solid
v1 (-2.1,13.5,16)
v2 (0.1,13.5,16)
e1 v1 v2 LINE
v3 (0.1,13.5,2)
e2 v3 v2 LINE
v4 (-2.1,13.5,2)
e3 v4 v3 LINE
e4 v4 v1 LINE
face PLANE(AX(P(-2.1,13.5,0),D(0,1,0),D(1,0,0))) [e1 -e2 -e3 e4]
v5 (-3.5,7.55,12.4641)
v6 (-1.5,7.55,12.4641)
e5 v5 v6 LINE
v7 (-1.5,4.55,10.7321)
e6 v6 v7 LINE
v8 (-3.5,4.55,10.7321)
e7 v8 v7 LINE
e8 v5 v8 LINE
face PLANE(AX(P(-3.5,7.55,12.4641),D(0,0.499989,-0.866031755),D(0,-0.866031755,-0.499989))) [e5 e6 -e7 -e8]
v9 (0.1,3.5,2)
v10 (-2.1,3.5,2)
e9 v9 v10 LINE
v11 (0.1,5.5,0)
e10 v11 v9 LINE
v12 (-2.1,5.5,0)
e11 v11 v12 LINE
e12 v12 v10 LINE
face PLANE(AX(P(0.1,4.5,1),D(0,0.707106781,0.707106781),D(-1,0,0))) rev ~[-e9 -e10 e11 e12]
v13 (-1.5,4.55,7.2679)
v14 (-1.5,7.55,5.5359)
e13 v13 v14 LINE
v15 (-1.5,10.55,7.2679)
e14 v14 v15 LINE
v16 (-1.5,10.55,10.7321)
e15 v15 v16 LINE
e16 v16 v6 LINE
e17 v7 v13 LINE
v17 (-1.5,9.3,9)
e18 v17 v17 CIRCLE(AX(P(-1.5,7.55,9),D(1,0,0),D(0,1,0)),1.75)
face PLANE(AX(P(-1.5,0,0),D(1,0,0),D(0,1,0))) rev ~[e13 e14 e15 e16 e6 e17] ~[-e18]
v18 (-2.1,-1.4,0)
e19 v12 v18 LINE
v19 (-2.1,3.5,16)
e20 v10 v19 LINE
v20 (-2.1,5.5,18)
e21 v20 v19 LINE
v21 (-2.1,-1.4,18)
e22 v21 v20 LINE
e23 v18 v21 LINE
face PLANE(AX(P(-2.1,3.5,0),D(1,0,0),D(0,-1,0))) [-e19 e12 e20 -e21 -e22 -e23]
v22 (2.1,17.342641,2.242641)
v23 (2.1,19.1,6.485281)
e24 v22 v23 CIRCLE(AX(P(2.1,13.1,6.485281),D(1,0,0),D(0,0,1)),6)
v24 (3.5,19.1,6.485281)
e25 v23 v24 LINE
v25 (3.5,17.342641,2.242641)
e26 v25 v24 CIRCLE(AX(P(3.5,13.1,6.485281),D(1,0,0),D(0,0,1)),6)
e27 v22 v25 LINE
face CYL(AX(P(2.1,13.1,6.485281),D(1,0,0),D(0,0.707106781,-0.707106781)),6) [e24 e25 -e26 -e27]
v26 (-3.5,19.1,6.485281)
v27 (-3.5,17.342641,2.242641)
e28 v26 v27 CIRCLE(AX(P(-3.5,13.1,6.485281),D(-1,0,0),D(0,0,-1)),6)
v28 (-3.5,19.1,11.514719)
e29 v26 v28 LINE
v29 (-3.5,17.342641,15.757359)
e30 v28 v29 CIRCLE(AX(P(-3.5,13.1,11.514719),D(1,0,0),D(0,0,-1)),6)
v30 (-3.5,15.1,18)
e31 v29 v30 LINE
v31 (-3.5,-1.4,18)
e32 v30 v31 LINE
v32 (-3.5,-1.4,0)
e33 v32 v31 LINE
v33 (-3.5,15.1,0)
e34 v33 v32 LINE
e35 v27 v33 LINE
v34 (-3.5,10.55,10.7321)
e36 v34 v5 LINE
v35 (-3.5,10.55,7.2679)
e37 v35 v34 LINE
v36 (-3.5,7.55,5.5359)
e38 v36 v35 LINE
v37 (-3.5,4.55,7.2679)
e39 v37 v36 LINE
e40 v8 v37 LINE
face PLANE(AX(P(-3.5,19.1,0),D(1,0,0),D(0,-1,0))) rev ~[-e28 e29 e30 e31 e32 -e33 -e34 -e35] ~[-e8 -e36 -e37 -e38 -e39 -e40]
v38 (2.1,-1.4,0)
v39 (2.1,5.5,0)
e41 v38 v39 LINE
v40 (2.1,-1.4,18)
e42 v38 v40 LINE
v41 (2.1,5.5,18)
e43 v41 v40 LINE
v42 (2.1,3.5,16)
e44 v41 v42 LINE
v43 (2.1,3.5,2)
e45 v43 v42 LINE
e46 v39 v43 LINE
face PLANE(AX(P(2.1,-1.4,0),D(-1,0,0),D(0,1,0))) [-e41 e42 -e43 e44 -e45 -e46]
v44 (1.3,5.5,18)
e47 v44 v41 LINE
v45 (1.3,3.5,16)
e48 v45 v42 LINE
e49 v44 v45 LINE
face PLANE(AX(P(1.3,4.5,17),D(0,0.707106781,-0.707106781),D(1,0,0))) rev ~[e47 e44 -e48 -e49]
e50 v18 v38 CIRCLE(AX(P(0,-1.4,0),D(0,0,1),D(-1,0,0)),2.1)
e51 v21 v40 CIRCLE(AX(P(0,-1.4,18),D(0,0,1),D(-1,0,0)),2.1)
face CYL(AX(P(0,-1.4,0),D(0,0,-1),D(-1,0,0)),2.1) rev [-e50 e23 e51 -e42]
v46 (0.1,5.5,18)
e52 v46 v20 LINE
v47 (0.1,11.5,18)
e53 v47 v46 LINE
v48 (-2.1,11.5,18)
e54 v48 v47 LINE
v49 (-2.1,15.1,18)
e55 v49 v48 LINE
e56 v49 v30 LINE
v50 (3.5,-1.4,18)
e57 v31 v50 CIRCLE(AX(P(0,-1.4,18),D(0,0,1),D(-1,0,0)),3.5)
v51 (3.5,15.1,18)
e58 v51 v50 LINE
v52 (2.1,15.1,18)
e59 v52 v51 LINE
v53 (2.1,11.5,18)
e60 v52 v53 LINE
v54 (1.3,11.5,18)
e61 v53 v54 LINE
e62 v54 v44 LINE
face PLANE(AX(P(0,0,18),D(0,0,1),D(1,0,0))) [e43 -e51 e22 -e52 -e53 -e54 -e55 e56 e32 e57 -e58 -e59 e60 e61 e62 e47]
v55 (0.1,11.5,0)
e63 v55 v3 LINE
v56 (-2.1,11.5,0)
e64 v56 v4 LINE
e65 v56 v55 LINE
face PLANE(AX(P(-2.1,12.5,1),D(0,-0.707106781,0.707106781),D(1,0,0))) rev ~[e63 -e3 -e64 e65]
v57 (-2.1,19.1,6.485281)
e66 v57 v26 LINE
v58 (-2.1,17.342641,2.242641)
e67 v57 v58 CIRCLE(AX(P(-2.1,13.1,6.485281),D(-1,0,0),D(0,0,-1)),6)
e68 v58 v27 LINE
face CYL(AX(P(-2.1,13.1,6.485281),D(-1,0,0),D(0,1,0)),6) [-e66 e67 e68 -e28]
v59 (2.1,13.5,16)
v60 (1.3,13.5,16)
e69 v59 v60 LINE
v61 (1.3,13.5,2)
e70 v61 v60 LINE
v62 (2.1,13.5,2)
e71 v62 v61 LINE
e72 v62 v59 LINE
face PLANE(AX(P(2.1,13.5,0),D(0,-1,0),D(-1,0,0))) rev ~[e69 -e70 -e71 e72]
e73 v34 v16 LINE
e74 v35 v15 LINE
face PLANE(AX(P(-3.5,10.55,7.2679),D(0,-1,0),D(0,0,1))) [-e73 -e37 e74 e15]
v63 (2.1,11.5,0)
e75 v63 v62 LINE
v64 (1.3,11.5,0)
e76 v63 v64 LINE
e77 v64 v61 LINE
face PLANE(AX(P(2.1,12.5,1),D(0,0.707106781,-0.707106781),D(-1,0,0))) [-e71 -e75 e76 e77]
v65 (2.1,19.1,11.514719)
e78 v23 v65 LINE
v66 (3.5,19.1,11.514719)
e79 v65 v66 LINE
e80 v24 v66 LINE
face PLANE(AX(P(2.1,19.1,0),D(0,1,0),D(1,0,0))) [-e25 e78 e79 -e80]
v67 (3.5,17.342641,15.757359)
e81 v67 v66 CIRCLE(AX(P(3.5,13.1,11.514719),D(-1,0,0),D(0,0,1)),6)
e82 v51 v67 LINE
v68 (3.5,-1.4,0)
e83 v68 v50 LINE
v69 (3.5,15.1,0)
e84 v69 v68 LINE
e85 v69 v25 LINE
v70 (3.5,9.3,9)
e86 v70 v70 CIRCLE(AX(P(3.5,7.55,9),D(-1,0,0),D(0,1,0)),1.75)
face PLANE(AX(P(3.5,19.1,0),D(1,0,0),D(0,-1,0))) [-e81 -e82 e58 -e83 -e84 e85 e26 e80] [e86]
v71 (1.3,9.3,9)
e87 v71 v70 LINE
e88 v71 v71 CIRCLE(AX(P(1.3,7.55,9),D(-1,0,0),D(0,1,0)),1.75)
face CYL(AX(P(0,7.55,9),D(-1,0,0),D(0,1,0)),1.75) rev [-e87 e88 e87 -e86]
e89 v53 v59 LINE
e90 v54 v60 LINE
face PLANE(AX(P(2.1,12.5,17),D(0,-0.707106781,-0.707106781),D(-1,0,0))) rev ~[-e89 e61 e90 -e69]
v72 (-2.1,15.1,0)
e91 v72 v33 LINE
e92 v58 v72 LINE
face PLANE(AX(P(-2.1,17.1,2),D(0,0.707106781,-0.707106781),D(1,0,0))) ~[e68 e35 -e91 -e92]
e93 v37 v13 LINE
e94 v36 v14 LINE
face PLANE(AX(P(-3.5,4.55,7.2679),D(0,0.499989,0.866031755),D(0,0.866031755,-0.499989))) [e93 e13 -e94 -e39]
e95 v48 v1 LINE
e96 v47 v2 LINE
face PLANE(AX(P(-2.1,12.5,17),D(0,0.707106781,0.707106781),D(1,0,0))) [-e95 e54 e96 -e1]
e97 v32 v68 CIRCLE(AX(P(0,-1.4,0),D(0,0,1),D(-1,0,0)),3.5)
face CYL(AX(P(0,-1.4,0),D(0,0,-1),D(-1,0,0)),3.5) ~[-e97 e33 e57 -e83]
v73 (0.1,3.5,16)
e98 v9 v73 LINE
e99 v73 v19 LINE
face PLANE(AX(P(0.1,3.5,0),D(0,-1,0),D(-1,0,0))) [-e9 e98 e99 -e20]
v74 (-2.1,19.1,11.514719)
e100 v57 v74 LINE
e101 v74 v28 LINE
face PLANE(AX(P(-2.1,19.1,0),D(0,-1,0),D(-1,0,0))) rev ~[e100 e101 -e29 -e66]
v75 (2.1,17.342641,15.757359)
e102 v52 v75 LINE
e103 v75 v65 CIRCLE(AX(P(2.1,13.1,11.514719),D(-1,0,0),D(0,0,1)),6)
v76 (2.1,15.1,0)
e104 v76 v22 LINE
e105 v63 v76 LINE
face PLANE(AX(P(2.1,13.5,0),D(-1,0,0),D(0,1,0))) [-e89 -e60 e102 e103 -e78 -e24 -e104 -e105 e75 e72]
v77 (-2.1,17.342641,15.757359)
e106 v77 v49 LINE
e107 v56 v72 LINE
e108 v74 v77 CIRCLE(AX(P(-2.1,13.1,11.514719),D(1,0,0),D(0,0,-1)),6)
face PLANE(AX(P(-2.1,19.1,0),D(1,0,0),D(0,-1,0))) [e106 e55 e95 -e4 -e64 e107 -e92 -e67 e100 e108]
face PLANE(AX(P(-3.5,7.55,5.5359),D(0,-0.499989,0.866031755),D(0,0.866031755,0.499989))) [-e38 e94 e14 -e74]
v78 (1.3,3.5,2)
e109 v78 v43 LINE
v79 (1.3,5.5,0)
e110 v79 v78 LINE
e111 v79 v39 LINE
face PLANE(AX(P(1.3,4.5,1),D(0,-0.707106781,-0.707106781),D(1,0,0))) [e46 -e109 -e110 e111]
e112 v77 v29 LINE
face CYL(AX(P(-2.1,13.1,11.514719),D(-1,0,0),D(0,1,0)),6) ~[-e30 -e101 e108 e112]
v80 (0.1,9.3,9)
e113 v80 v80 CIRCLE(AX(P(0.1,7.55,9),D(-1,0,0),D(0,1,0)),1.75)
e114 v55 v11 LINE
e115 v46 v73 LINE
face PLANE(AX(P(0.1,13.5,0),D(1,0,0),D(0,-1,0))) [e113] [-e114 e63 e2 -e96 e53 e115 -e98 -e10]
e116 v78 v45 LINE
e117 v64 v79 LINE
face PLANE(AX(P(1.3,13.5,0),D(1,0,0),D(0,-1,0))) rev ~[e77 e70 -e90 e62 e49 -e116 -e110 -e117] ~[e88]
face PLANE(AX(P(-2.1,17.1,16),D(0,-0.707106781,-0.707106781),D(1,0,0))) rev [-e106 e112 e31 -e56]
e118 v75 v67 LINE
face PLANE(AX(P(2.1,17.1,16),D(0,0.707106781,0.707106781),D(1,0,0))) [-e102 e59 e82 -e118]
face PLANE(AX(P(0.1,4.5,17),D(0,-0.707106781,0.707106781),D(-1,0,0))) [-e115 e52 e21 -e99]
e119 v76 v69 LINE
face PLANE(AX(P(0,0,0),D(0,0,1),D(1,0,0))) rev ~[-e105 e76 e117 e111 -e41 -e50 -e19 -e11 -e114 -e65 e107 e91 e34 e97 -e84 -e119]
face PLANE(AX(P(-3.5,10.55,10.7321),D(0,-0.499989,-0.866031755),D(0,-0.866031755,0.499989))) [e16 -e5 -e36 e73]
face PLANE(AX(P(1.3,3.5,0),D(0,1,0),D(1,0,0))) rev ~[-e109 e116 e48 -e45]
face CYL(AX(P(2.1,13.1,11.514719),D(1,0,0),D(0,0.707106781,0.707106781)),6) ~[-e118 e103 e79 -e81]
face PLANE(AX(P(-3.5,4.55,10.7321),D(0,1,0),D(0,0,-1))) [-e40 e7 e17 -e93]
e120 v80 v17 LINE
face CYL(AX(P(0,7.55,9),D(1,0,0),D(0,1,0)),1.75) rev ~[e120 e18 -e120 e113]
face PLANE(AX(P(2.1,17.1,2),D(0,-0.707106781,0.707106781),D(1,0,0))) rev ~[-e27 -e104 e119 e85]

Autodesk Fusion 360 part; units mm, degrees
sketch "Sketch1" plane through (0, 0, 0) normal (0, 0, 1) x (1, 0, 0)
  line L0 (1.75, -1.4) -> (1.75, 1.4) construction
  arc A0 (1.75, 1.4) -> (-1.75, 1.4) centre (0, 1.4) ccw construction
  line L1 (-1.75, 1.4) -> (-1.75, -1.4) construction
  arc A1 (-1.75, -1.4) -> (1.75, -1.4) centre (0, -1.4) ccw construction
  line L2 (0, -1.4) -> (0, 1.4) construction
  line L3 (0, 3.15) -> (0, -3.15) construction
  line L4 (-2.1, 19.1) -> (-2.1, -1.4)
  arc A2 (-2.1, -1.4) -> (2.1, -1.4) centre (0, -1.4) ccw
  line L5 (2.1, -1.4) -> (2.1, 19.1)
  line L6 (-2.1, 19.1) -> (-3.5, 19.1)
  line L7 (-3.5, 19.1) -> (-3.5, -1.4)
  line L8 (2.1, 19.1) -> (3.5, 19.1)
  line L9 (3.5, 19.1) -> (3.5, -1.4)
  arc A3 (-3.5, -1.4) -> (3.5, -1.4) centre (0, -1.4) ccw
  line L10 (2.1, 13.5) -> (1.3, 13.5)
  line L11 (1.3, 13.5) -> (1.3, 3.5)
  line L12 (1.3, 3.5) -> (2.1, 3.5)
  line L13 (-2.1, 13.5) -> (0.1, 13.5)
  line L14 (0.1, 13.5) -> (0.1, 3.5)
  line L15 (0.1, 3.5) -> (-2.1, 3.5)
  point P0 (0, -4.9)
  dimension "d1" = 3.5
  dimension "d2" = 6.3
  dimension "d12" = 24
  dimension "d14" = 2.1
  dimension "d15" = 1.4
  dimension "d16" = 10
  dimension "d17" = 3.5
  dimension "d25" = 2.2
  dimension "d26" = 0.8
extrude "Extrude1" add sketch "Sketch1" along normal blind 18
sketch "Sketch2" plane through (0, 0, 0) normal (1, 0, 0) x (0, 1, 0)
  line L0 (19.1, 0) -> (19.1, 18)
  circle A0 centre (7.55, 9) radius 1.75
  line L1 (3.15, 0) -> (1.4, 0)
  line L2 (7.55, 9) -> (5.8, 9) construction
  line L3 (10.55, 10.7321) -> (7.55, 12.4641)
  line L4 (7.55, 12.4641) -> (4.55, 10.7321)
  line L5 (4.55, 10.7321) -> (4.55, 7.2679)
  line L6 (4.55, 7.2679) -> (7.55, 5.5359)
  line L7 (7.55, 5.5359) -> (10.55, 7.2679)
  line L8 (10.55, 7.2679) -> (10.55, 10.7321)
  point P0 (19.1, 9)
  point P1 (3.15, 0)
  point P2 (7.55, 9)
  dimension "d7" = 3.5
  dimension "d20" = 6
  dimension "d24" = 1.4
extrude "Extrude2" cut sketch "Sketch2" along normal mid plane 14 contours A0
chamfer "Chamfer1" distance 4 angle 45 4 edges at (2.8, 19.1, 0) (-2.8, 19.1, 0) (2.8, 19.1, 18) (-2.8, 19.1, 18)
fillet "Fillet1" radius 6 4 edges at (2.8, 19.1, 4) (2.8, 19.1, 14) (-2.8, 19.1, 4) (-2.8, 19.1, 14)
extrude "Extrude3" cut sketch "Sketch2" along normal blind 2 from surface at -3.5
chamfer "Chamfer2" distance 2 angle 45 8 edges at (-1, 13.5, 18) (-1, 3.5, 18) (1.7, 13.5, 18) (1.7, 3.5, 18) (1.7, 13.5, 0) (-1, 13.5, 0) (1.7, 3.5, 0) (-1, 3.5, 0)
